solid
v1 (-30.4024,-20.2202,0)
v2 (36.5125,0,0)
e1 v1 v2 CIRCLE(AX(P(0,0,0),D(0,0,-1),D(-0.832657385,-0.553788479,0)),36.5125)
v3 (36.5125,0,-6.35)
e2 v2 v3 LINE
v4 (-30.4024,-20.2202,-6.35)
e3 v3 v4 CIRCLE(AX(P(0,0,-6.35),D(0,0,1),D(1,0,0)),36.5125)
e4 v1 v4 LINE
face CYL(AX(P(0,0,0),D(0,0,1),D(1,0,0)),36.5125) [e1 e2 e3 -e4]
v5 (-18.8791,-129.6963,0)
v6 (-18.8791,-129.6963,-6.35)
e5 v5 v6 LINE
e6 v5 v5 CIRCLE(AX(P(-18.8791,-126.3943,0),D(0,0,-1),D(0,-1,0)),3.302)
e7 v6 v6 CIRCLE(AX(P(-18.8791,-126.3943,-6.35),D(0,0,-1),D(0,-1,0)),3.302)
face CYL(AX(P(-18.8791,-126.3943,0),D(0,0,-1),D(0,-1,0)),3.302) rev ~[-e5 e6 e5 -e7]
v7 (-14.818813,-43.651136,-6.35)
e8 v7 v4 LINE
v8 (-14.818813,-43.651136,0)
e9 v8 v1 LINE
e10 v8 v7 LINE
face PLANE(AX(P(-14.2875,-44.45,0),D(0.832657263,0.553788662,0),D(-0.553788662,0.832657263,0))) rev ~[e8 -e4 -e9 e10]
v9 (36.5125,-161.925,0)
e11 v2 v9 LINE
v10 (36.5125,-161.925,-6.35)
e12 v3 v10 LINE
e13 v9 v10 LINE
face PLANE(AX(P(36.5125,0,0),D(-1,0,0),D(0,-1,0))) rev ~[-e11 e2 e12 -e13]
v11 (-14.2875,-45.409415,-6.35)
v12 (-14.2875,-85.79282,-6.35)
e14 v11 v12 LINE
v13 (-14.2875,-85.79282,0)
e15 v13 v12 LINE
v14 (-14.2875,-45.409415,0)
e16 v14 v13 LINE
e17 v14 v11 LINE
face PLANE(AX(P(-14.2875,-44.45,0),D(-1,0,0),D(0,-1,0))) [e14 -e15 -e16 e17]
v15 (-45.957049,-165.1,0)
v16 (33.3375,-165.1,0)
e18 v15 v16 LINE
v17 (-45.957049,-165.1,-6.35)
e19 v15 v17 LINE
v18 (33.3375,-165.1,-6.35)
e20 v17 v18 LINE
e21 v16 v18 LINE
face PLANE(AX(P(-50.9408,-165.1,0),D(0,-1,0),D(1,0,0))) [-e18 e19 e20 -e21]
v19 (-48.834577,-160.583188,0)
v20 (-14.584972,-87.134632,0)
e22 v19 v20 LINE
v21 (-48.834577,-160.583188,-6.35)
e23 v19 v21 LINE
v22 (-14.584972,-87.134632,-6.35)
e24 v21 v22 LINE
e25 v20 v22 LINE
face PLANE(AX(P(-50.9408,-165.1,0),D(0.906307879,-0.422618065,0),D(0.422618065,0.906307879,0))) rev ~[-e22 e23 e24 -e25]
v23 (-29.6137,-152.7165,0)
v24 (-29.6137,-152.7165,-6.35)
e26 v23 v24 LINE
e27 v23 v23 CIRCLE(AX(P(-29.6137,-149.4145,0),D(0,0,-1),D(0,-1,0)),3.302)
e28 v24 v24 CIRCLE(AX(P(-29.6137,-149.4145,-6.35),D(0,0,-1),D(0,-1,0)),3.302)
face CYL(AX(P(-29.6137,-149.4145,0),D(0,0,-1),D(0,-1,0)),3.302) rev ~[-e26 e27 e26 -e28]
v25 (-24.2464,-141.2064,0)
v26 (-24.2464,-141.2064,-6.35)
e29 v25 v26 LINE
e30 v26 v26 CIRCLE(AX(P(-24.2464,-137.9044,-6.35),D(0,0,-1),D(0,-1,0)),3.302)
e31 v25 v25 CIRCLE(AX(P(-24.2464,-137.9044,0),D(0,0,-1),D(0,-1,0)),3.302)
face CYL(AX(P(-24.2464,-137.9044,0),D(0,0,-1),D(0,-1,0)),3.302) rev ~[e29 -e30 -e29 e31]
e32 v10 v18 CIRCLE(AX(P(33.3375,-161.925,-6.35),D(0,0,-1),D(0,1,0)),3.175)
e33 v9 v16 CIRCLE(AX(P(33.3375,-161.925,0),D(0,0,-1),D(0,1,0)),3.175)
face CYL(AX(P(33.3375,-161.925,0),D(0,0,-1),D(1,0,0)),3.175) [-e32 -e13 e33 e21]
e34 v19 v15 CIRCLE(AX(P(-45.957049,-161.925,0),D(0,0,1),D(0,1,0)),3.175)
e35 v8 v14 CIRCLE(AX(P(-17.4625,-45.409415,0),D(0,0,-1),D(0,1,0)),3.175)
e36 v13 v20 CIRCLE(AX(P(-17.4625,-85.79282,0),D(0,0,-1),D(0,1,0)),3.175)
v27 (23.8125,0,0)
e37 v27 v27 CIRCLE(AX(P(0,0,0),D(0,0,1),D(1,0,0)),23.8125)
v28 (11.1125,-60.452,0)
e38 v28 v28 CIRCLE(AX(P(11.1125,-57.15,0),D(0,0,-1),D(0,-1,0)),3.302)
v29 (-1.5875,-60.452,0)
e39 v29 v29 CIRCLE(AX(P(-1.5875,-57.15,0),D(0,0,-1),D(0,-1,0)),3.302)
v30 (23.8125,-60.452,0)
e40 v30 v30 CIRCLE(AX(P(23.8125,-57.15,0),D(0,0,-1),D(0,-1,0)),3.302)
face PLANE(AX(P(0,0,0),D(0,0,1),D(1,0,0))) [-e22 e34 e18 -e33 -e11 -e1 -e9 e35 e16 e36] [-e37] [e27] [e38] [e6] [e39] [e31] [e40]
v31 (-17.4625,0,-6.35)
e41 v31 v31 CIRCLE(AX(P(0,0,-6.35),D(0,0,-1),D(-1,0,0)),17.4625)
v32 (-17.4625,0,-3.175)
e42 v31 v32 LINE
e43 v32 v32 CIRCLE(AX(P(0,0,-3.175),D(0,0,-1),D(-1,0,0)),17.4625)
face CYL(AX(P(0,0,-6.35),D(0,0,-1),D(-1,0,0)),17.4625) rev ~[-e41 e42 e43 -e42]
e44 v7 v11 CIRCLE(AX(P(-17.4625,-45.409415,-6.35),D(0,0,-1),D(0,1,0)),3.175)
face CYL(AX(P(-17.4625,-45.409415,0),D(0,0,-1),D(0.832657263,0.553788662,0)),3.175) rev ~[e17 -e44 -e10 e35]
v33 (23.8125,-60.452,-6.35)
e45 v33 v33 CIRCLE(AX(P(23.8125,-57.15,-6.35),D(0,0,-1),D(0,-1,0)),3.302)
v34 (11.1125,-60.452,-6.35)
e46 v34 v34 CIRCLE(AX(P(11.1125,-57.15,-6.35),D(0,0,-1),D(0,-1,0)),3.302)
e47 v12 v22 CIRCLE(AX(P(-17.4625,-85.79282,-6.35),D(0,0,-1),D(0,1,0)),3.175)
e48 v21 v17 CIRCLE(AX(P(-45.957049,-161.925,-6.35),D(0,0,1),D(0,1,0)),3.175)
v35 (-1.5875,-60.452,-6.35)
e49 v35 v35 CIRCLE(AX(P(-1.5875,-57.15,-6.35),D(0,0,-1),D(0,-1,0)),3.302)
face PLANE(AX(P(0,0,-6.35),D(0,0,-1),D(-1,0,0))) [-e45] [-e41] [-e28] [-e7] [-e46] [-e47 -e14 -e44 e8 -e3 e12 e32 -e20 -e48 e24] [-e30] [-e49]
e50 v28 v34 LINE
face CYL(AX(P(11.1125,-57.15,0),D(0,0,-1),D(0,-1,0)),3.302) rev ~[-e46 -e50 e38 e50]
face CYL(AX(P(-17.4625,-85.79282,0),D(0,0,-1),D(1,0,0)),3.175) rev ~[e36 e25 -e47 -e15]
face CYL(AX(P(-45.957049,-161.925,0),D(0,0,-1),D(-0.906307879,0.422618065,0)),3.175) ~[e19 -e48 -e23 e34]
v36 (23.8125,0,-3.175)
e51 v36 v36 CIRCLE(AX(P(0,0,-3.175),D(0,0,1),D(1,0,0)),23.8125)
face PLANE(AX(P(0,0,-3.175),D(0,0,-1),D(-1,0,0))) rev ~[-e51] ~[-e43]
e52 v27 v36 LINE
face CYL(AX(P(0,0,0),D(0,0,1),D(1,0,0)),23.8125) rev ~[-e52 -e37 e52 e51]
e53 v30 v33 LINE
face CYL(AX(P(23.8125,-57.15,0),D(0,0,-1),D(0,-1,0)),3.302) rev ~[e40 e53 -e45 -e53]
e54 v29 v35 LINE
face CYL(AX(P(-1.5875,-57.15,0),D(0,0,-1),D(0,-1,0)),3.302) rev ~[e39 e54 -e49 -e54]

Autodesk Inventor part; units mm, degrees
ref_plane "YZ Plane" through (0, 0, 0) normal (1, 0, 0) x (0, 1, 0)
ref_plane "XZ Plane" through (0, 0, 0) normal (0, 1, 0) x (-1, 0, 0)
ref_plane "XY Plane" through (0, 0, 0) normal (0, 0, 1) x (1, 0, 0)
sketch "Sketch1" plane through (0, 0, 0) normal (0, 0, 1) x (1, 0, 0)
  circle A0 centre (0, 0) radius 23.8125
  circle A1 centre (0, 0) radius 36.5125
  line L0 (36.5125, -165.1) -> (-14.2875, -165.1) construction
  line L1 (36.5125, 0) -> (36.5125, -165.1)
  line L2 (-36.1762, -4.9442) -> (-14.2875, -165.1) construction
  line L3 (36.5125, -44.45) -> (-14.2875, -44.45) construction
  line L4 (-14.2875, -44.45) -> (-14.2875, -431.8) construction
  line L5 (-14.2875, -431.8) -> (36.5125, -431.8) construction
  line L6 (36.5125, -431.8) -> (36.5125, -44.45) construction
  line L7 (8.7327, -97.2312) -> (-152.2848, -442.5345) construction
  line L8 (-152.2848, -442.5345) -> (-175.3051, -431.8) construction
  line L9 (-175.3051, -431.8) -> (-14.2875, -86.4967) construction
  line L10 (-14.2875, -86.4967) -> (8.7327, -97.2312) construction
  line L11 (36.5125, -431.8) -> (11.1125, -431.8) construction
  line L12 (11.1125, -431.8) -> (11.1125, -501.65) construction
  line L13 (11.1125, -501.65) -> (36.5125, -501.65) construction
  line L14 (36.5125, -501.65) -> (36.5125, -431.8) construction
  line L15 (-150.8125, -431.8) -> (-150.8125, -501.65) construction
  line L16 (-2.7774, -91.864) -> (-19.4192, -127.5524) construction
  line L17 (-36.3765, 3.1489) -> (-36.3765, -165.1) construction
  line L18 (-50.9408, -165.1) -> (36.5125, -165.1)
  line L19 (-50.9408, -165.1) -> (-36.3765, 3.1489)
  line L20 (-50.9408, -165.1) -> (-14.2875, -86.4967)
  line L21 (-14.2875, -44.45) -> (-14.2875, -86.4967)
  line L22 (-14.2875, -44.45) -> (-30.4024, -20.2202)
  point P0 (23.8125, -431.8)
  point P1 (-8.1446, -103.3741)
  point P2 (23.8125, -57.15)
  point P3 (11.1125, -57.15)
  point P4 (-1.5875, -57.15)
  point P5 (11.1125, -44.45)
  point P6 (-13.5119, -114.8842)
  point P7 (-18.8791, -126.3943)
  point P8 (-24.2464, -137.9044)
  point P9 (-29.6137, -149.4145)
  dimension "d0" = 47.625
  dimension "d1" = 12.7
  dimension "d2" = 50.8
  dimension "d3" = 165.1
  dimension "d4" = 50.8
  dimension "d5" = 387.35
  dimension "d6" = 25.4
  dimension "d7" = 25
  dimension "d8" = 381
  dimension "d10" = 25.4
  dimension "d11" = 69.85
  dimension "d13" = 431.8
  dimension "d15" = 187.325
  dimension "d17" = 12.7
  dimension "d18" = 12.7
  dimension "d19" = 12.7
  dimension "d20" = 12.7
  dimension "d23" = 12.7
extrude "Extrusion1" add sketch "Sketch1" against normal blind 6.35 contours A1 | L1 L18 L20 L21 L22 A1
hole "Hole1" at (23.8125, -57.15, 0) at (11.1125, -57.15, 0) at (-1.5875, -57.15, 0) at (-18.8791, -126.3943, 0) at (-24.2464, -137.9044, 0) at (-29.6137, -149.4145, 0) direction (0, 0, -1) diameter 6.604 end through all
sketch "Sketch2" plane through (0, 0, -6.35) normal (0, 0, -1) x (-1, 0, 0)
  circle A0 centre (0, 0) radius 23.8125 projected
  circle A1 centre (0, 0) radius 17.4625
  dimension "d37" = 6.35
extrude "Extrusion2" add sketch "Sketch2" against normal blind 3.175
sketch "Sketch3" plane through (0, 0, 0) normal (0, 0, 1) x (1, 0, 0)
  circle A0 centre (-24.2464, -137.9044) radius 3.302 construction
  circle A1 centre (-1.5875, -57.15) radius 3.302 construction
  circle A2 centre (23.8125, -57.15) radius 3.302 construction
  circle A3 centre (11.1125, -57.15) radius 3.302 construction
  circle A4 centre (-18.8791, -126.3943) radius 3.302 construction
  circle A5 centre (-29.6137, -149.4145) radius 3.302 construction
  circle A6 centre (0, 0) radius 23.8125 construction
  line L0 (36.5125, 0) -> (36.5125, -165.1) construction
  line L1 (36.5125, -165.1) -> (-50.9408, -165.1) construction
  circle A7 centre (-24.2464, -137.9044) radius 3.302 construction
  circle A8 centre (-1.5875, -57.15) radius 3.302 construction
  circle A9 centre (23.8125, -57.15) radius 3.302 construction
  circle A10 centre (11.1125, -57.15) radius 3.302 construction
  circle A11 centre (-18.8791, -126.3943) radius 3.302 construction
  circle A12 centre (-29.6137, -149.4145) radius 3.302 construction
  circle A13 centre (0, 0) radius 23.8125 construction
  line L2 (36.5125, 0) -> (36.5125, -165.1) construction
  line L3 (36.5125, -165.1) -> (-50.9408, -165.1) construction
  line L4 (-175.3051, -431.8) -> (-14.2875, -86.4967) construction
  line L5 (8.7327, -97.2312) -> (-152.2848, -442.5345) construction
  line L6 (-14.2875, -44.45) -> (-14.2875, -431.8) construction
  line L7 (-14.2875, -86.4967) -> (-14.2875, -44.45) projected
  line L8 (-14.2875, -44.45) -> (-30.4024, -20.2202) projected
  arc A14 (36.5125, 0) -> (-30.4024, -20.2202) centre (0, 0) ccw projected
  line L9 (-50.9408, -165.1) -> (-14.2875, -86.4967) projected
  line L10 (-14.2875, -86.4967) -> (-14.2875, -44.45) projected
  line L11 (-14.2875, -44.45) -> (-30.4024, -20.2202) projected
  arc A15 (36.5125, 0) -> (-30.4024, -20.2202) centre (0, 0) ccw projected
  line L12 (-50.9408, -165.1) -> (-14.2875, -86.4967) projected
fillet "Fillet1" radius 3.175 4 edges at (-14.2875, -44.45, -3.175) (-14.2875, -86.4967, -3.175) (-50.9408, -165.1, -3.175) (36.5125, -165.1, -3.175)
equation "\"d20\" = d19"
properties part number "CL7-007" material "Aluminum 6061"
